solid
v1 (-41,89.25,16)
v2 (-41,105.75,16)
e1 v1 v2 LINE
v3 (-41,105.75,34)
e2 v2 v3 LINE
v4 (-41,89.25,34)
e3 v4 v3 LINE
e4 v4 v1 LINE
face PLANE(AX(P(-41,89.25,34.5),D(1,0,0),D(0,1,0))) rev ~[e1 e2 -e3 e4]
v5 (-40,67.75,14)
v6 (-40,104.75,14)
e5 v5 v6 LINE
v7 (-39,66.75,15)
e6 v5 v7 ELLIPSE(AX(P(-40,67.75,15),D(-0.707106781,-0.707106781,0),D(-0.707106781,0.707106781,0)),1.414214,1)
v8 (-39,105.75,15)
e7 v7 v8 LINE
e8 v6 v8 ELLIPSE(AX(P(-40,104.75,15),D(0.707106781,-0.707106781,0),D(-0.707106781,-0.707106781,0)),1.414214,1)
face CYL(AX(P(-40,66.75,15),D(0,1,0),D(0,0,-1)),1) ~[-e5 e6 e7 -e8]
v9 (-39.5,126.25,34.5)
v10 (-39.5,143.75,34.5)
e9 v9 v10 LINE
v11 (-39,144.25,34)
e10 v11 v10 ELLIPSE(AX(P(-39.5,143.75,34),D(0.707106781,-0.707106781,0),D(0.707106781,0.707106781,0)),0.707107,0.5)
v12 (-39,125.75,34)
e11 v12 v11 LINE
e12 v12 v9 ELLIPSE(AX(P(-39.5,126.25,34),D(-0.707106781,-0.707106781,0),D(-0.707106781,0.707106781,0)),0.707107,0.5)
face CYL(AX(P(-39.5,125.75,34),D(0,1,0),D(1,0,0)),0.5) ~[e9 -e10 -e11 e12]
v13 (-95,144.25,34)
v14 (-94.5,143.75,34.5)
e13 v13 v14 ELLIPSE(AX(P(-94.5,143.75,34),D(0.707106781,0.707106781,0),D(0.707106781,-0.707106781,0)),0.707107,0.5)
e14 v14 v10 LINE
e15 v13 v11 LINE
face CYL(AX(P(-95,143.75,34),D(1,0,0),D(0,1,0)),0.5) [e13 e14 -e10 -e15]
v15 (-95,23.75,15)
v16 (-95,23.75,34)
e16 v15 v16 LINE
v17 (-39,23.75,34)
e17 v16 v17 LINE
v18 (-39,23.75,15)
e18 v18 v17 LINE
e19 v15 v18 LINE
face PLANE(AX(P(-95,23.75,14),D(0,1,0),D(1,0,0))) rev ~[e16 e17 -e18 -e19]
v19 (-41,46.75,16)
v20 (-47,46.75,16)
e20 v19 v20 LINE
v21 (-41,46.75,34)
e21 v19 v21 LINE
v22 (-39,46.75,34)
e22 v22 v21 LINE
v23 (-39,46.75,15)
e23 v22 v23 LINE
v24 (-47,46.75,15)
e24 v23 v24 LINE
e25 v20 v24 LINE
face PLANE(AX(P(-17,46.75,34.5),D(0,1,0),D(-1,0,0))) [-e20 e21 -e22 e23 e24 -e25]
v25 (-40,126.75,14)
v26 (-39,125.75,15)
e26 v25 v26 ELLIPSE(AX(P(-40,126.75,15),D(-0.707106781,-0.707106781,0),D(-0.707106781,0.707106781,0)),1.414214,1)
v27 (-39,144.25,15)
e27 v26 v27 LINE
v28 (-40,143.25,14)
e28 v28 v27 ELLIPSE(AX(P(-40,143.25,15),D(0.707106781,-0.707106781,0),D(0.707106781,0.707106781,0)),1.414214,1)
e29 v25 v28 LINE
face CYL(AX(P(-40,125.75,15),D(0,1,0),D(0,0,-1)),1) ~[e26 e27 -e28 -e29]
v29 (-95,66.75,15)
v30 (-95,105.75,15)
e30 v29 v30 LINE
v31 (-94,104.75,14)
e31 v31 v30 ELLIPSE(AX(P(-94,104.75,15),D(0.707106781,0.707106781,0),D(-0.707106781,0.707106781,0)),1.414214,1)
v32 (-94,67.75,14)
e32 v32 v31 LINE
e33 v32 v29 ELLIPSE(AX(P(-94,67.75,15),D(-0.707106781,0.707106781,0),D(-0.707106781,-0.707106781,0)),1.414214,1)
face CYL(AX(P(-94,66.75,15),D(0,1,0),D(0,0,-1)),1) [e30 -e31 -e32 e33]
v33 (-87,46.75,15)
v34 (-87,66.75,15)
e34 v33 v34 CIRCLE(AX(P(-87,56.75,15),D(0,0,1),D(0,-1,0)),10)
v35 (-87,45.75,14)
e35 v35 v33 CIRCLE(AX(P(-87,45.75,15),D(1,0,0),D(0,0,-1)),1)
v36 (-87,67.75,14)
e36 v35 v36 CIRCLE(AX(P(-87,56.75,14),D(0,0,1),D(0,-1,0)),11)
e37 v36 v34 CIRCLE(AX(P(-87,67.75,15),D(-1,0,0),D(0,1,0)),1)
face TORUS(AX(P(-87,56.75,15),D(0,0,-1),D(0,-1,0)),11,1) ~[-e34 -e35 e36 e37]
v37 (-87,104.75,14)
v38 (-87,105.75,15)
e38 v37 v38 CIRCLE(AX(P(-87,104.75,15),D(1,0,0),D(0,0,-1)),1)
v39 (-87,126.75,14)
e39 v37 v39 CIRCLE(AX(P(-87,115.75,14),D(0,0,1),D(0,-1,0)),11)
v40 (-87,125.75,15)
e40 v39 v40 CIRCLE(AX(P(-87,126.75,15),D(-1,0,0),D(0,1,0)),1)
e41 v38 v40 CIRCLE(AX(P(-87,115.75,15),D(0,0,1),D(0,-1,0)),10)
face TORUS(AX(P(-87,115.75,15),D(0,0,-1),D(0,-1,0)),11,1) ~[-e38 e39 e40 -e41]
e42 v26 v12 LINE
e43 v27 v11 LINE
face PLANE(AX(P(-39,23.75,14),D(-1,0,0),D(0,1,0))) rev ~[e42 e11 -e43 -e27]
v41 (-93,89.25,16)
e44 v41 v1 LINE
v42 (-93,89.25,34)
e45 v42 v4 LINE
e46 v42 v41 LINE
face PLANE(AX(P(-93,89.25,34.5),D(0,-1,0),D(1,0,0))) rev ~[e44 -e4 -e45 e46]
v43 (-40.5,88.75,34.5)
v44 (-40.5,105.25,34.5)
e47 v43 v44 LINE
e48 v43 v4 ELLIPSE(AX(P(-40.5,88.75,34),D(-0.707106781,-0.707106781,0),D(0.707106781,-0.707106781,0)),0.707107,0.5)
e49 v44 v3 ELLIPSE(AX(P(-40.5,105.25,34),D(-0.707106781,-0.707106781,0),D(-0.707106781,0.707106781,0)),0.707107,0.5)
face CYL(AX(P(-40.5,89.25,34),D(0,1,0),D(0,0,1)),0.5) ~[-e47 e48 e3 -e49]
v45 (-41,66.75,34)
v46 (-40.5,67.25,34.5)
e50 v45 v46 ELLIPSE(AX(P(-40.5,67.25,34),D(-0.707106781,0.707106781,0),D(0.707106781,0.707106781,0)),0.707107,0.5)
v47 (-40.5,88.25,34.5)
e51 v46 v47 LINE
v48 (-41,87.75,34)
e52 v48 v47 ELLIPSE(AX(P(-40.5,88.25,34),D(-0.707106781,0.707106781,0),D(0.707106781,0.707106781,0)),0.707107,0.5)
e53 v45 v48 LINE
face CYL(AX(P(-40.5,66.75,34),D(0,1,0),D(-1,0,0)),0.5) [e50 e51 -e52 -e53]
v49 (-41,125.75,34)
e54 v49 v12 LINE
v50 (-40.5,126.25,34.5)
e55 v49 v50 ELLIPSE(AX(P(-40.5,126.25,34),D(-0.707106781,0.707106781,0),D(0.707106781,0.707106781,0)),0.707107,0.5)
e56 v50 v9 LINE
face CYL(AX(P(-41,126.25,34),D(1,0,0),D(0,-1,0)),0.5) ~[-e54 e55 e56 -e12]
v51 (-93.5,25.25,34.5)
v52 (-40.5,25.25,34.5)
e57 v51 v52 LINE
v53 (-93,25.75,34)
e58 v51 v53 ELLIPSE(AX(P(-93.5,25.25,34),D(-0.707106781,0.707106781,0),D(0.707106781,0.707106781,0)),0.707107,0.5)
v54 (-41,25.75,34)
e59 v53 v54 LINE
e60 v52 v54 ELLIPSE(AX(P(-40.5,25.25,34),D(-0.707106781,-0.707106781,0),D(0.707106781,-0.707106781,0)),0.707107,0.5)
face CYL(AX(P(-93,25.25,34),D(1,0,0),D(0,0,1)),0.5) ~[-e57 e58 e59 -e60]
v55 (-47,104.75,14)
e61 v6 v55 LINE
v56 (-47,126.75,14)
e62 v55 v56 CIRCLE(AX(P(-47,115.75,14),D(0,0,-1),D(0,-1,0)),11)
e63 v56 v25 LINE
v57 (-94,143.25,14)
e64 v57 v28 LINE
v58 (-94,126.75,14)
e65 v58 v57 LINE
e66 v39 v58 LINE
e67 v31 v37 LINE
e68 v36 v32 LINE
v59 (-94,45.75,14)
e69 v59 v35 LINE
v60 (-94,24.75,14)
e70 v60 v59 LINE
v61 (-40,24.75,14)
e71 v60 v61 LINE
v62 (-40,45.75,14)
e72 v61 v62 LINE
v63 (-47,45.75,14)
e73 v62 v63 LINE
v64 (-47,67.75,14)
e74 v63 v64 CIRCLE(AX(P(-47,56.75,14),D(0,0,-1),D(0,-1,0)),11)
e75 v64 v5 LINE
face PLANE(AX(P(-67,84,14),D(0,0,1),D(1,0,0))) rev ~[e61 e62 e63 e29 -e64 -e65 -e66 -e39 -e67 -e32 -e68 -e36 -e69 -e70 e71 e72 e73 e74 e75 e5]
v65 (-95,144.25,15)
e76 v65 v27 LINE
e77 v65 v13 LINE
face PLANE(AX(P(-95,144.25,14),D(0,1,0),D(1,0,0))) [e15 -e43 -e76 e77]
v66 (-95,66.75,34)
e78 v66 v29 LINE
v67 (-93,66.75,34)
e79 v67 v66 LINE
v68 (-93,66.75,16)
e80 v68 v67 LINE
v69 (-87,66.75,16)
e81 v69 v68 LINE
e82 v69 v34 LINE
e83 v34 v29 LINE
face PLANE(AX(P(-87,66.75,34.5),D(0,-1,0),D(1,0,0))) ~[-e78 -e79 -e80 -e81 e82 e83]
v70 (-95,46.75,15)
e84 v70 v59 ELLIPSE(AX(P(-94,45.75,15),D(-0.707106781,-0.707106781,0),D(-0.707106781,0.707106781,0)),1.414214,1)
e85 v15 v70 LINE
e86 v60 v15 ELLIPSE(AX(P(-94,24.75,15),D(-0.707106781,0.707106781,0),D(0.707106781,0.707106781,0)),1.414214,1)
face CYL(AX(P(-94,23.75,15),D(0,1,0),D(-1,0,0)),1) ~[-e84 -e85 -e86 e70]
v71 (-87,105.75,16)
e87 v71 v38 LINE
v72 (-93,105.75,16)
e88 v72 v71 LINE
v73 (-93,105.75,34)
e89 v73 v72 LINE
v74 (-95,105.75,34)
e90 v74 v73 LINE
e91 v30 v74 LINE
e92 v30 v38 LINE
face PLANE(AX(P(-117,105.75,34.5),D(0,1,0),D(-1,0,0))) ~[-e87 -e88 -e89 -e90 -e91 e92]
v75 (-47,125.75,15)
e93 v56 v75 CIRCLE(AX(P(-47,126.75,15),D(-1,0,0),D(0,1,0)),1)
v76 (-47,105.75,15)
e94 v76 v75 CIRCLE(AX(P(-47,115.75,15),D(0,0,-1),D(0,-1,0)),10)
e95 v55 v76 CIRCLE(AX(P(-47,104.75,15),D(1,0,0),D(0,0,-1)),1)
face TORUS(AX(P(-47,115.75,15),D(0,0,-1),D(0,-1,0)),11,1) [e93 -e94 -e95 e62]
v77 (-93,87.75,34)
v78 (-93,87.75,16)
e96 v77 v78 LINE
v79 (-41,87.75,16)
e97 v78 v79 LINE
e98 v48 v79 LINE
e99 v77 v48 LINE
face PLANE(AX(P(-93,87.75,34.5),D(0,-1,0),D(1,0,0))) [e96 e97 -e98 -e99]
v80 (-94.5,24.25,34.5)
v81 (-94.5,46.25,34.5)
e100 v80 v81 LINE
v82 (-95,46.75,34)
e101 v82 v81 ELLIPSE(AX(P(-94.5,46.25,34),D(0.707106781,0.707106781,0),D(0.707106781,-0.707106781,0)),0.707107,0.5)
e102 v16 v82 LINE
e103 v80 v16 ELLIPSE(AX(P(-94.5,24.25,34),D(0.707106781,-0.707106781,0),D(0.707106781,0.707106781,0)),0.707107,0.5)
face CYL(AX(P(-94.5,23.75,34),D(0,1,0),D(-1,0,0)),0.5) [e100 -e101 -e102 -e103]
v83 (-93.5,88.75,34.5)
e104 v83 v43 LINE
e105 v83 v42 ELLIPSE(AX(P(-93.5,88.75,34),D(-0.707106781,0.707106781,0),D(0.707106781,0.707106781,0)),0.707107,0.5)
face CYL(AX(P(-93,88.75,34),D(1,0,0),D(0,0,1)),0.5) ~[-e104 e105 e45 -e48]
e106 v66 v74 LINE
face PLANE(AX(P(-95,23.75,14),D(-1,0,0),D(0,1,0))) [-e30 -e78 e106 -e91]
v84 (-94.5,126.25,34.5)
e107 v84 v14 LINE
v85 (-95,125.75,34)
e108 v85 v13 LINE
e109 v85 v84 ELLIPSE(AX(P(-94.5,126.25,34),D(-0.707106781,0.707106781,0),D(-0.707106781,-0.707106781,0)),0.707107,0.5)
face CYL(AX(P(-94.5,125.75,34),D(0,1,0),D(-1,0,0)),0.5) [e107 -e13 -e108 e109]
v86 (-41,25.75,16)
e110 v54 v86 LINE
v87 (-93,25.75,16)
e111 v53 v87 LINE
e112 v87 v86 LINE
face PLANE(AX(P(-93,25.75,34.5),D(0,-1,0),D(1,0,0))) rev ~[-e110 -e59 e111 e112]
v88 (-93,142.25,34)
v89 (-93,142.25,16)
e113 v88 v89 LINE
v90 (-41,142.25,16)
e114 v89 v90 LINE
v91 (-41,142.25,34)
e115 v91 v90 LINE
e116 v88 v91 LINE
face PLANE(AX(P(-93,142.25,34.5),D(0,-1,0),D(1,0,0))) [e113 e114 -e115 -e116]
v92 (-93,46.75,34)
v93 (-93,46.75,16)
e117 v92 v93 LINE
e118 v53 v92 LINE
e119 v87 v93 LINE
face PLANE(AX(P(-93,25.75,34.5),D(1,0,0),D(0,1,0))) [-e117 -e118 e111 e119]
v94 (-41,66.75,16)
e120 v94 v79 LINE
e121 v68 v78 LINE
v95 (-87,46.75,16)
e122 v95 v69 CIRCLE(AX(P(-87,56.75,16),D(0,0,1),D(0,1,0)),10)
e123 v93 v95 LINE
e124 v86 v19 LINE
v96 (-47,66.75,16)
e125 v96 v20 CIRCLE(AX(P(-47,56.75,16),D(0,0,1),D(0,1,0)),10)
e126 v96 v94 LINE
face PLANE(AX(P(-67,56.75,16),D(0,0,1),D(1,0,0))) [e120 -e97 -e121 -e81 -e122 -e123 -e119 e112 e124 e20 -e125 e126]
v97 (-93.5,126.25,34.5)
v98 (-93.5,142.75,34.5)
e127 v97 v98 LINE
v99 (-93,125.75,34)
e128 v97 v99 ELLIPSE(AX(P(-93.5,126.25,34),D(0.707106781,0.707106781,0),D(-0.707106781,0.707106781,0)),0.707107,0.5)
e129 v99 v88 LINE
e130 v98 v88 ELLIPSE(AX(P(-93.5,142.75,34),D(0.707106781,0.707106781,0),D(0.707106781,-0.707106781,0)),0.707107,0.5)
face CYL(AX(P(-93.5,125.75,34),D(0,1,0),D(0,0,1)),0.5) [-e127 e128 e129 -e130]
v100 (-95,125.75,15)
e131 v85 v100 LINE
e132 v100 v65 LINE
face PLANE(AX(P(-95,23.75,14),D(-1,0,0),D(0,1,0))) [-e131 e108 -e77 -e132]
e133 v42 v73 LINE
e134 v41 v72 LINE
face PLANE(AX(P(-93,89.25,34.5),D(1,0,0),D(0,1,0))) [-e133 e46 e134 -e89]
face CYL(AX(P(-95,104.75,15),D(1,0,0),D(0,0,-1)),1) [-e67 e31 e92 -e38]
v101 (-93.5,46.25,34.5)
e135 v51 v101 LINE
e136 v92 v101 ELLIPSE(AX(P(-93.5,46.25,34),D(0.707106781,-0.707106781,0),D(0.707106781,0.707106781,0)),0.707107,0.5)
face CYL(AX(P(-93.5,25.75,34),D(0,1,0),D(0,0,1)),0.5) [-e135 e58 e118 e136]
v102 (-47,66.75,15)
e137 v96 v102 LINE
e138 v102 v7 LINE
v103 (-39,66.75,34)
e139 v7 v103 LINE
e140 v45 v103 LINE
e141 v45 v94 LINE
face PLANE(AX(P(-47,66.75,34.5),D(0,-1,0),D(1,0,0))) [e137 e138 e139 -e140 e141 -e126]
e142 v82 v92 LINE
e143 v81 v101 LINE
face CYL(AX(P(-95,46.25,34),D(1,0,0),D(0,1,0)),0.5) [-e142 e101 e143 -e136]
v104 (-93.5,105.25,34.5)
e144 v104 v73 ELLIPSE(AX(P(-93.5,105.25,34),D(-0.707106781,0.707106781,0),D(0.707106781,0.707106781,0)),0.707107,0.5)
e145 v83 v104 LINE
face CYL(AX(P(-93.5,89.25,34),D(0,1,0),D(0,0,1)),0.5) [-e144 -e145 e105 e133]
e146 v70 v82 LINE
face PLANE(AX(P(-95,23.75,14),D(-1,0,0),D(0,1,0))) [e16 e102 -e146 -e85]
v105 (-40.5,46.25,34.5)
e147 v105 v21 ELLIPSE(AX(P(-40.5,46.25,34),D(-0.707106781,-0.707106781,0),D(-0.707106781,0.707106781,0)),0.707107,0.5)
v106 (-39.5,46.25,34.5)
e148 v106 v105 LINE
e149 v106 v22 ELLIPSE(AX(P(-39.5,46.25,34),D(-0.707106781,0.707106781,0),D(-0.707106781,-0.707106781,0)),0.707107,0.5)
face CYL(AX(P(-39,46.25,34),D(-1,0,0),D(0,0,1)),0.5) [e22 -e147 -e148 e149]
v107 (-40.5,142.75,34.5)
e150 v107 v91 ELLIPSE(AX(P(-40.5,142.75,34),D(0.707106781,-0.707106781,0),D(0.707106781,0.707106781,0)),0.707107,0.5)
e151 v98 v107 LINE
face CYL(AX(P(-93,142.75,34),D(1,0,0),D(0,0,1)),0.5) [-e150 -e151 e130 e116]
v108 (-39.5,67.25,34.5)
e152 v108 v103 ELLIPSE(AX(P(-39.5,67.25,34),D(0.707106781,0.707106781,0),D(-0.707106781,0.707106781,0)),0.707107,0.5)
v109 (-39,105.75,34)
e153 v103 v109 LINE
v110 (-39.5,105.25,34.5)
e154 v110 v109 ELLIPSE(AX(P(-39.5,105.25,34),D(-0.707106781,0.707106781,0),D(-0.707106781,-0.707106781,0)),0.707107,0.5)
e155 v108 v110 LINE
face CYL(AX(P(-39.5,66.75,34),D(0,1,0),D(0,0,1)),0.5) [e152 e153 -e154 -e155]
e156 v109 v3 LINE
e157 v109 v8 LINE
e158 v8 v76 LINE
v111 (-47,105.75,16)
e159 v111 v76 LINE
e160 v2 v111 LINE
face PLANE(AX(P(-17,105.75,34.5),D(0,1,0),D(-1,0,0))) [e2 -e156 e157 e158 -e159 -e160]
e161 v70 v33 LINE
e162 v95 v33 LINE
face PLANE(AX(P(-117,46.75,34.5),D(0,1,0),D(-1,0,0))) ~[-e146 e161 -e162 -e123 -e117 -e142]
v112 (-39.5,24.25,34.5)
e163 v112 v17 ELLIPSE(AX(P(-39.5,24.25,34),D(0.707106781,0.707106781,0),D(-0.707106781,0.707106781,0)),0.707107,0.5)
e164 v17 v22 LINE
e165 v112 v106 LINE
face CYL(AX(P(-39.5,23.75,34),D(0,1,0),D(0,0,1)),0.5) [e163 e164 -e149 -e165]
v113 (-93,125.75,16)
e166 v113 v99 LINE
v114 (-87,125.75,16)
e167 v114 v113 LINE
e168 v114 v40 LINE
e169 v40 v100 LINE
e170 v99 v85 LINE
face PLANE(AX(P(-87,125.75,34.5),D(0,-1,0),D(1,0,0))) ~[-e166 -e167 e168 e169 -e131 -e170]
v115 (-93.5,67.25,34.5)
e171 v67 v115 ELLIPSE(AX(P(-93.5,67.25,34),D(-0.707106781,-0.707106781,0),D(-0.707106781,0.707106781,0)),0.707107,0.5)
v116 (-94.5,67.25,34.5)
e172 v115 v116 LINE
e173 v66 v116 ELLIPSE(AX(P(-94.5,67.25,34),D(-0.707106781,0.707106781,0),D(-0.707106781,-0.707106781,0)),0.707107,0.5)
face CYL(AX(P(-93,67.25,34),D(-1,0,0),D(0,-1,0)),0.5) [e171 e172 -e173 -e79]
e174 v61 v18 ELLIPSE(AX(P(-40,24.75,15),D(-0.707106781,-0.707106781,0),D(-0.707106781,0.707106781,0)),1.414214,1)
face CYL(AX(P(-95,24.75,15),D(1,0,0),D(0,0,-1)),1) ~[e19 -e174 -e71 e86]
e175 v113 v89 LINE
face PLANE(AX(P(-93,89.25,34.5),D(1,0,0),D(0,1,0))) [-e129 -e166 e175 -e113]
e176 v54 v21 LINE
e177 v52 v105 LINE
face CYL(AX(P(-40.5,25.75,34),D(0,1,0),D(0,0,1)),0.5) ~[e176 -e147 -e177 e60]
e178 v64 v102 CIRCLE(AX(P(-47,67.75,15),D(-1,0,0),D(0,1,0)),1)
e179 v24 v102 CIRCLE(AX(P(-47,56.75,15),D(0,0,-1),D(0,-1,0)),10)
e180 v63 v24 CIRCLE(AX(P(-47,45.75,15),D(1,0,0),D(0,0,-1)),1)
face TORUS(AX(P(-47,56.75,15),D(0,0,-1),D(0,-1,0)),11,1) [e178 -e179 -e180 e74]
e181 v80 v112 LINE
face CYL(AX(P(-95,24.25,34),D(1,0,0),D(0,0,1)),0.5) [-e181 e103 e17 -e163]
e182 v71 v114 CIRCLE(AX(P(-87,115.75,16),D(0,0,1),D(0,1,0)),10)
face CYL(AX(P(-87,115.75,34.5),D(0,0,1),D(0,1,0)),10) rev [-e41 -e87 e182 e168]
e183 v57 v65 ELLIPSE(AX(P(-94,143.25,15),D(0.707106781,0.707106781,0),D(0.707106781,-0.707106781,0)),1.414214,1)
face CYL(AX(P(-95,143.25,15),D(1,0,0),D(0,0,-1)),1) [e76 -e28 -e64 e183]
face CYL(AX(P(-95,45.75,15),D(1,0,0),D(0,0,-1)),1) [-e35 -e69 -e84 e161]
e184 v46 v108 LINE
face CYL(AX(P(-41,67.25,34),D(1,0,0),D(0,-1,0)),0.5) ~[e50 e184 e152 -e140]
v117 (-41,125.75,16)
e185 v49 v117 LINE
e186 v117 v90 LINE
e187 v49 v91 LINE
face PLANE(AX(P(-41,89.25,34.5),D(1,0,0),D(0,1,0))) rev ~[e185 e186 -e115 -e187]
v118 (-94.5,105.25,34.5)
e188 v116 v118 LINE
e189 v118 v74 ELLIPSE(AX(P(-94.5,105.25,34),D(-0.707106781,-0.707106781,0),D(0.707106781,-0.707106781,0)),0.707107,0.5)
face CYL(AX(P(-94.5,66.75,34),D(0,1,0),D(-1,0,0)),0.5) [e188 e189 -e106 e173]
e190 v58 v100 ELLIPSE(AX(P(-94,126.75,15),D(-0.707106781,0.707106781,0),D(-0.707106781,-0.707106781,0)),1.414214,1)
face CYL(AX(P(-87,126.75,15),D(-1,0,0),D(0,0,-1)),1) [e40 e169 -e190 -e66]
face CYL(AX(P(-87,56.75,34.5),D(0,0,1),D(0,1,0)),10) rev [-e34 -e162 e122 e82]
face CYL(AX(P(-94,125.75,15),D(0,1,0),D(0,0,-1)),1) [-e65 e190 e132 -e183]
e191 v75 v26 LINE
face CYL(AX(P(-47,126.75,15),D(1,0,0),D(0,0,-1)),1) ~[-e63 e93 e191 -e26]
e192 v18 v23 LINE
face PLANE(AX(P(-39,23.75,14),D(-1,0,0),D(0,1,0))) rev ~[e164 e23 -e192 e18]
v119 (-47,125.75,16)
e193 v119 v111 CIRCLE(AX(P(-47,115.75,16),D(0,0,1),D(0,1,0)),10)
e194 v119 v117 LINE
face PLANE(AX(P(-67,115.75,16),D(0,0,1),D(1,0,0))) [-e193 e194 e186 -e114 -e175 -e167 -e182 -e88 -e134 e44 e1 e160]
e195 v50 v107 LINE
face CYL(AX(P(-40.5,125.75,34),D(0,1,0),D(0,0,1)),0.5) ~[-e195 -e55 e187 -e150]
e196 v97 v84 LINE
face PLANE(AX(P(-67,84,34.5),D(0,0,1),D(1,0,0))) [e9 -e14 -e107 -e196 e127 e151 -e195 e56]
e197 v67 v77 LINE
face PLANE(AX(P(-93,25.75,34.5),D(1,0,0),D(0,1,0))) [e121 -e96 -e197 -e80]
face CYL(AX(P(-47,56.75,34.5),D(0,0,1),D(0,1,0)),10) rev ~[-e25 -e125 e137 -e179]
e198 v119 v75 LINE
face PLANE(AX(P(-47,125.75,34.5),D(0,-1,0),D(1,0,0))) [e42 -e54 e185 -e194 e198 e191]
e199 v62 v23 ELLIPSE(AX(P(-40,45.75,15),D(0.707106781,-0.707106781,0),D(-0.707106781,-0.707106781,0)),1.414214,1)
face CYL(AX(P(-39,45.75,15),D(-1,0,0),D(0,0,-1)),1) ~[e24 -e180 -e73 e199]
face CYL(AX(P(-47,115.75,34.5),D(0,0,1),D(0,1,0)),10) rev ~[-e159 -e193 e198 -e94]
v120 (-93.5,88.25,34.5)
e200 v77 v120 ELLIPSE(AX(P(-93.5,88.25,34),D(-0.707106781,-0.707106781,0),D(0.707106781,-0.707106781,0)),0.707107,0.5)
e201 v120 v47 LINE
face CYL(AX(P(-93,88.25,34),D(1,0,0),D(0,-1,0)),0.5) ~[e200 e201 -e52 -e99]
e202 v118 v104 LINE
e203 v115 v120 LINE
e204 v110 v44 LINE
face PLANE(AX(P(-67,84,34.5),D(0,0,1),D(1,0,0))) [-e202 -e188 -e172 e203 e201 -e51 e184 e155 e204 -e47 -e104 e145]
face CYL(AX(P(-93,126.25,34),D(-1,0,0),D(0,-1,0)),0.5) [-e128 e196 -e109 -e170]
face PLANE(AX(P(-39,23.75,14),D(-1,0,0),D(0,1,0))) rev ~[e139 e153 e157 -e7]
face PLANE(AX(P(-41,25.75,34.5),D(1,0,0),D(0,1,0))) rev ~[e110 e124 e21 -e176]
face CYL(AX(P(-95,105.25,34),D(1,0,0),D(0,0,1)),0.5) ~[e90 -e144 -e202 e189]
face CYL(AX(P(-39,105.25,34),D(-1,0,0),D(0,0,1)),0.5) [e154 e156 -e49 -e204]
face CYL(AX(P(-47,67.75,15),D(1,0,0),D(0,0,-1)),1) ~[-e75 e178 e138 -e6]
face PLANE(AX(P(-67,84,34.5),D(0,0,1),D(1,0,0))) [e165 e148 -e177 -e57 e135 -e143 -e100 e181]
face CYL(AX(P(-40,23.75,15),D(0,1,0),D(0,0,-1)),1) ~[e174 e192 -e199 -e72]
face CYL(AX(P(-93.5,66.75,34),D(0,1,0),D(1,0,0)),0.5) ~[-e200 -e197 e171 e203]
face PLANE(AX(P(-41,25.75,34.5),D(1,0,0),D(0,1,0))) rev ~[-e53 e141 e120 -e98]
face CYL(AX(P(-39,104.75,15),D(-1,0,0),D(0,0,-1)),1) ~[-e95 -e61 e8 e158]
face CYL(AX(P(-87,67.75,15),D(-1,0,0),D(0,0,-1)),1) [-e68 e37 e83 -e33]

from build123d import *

# Parameters (mm, degrees)
SKETCH009_W     = 56
SKETCH009_H     = 120.5
PAD004_DEPTH    = 20.5
SKETCH010_W     = 52
SKETCH010_H     = 53
SKETCH010_H_2   = 62
POCKET005_DEPTH = 18.5
POCKET006_DEPTH = 289.39875
FILLET005_R     = 1
FILLET006_R     = 0.5


with BuildPart() as part:
    # Sketch009 → Pad004 (new body)
    with BuildSketch(Plane.XY):
        Rectangle(SKETCH009_W, SKETCH009_H)
    extrude(amount=PAD004_DEPTH)

    # Sketch010 (on DatumPlane) → Pocket005 (cut)
    with BuildSketch(Plane(origin=(0, 4.5, 20.5), x_dir=(1, 0, 0), z_dir=(0, 0, 1))):
        with Locations((0, 27.25)):
            Rectangle(SKETCH010_W, SKETCH010_H)
        with Locations((0, -31.75)):
            Rectangle(SKETCH010_W, SKETCH010_H_2)
    extrude(amount=-POCKET005_DEPTH, mode=Mode.SUBTRACT)

    # Sketch011 (on DatumPlane) → Pocket006 (cut, through all)
    with BuildSketch(Plane(origin=(20, 0, 20.5), x_dir=(1, 0, 0), z_dir=(0, 0, 1))):
        with BuildLine():
            Line((0, 41.75), (30, 41.75))
            Line((30, 41.75), (30, 21.75))
            Line((30, 21.75), (0, 21.75))
            ThreePointArc((0, 41.75), (-10, 31.75), (0, 21.75))
        make_face()
        with BuildLine():
            Line((0, -17.25), (30, -17.25))
            Line((30, -17.25), (30, -37.25))
            Line((30, -37.25), (0, -37.25))
            ThreePointArc((0, -17.25), (-10, -27.25), (0, -37.25))
        make_face()
    pocket006 = extrude(amount=-POCKET006_DEPTH, mode=Mode.SUBTRACT)

    # Mirrored003: Pocket006 across YZ
    add(pocket006.mirror(Plane.YZ), mode=Mode.SUBTRACT)

    # Fillet005
    fillet005_edges = [part.edges().sort_by_distance(p)[0] for p in [
        (0, 60.25, 0),
        (28, 51, 0),
        (24, 41.75, 0),
        (10, 31.75, 0),
        (24, 21.75, 0),
        (28, 2.25, 0),
        (24, -17.25, 0),
        (10, -27.25, 0),
        (24, -37.25, 0),
        (28, -48.75, 0),
        (0, -60.25, 0),
        (-28, -48.75, 0),
        (-24, -37.25, 0),
        (-10, -27.25, 0),
        (-24, -17.25, 0),
        (-28, 2.25, 0),
        (-24, 21.75, 0),
        (-10, 31.75, 0),
        (-24, 41.75, 0),
        (-28, 51, 0),
    ]]
    fillet(fillet005_edges, radius=FILLET005_R)

    # Fillet006
    fillet006_edges = [part.edges().sort_by_distance(p)[0] for p in [
        (0, 60.25, 20.5),
        (28, 51, 20.5),
        (27, 41.75, 20.5),
        (26, 50, 20.5),
        (0, 58.25, 20.5),
        (-26, 50, 20.5),
        (-27, 41.75, 20.5),
        (-28, 51, 20.5),
        (-27, 21.75, 20.5),
        (-26, 13.5, 20.5),
        (0, 5.25, 20.5),
        (26, 13.5, 20.5),
        (27, 21.75, 20.5),
        (28, 2.25, 20.5),
        (27, -17.25, 20.5),
        (26, -6.75, 20.5),
        (0, 3.75, 20.5),
        (-26, -6.75, 20.5),
        (-27, -17.25, 20.5),
        (-28, 2.25, 20.5),
        (-27, -37.25, 20.5),
        (-26, -47.75, 20.5),
        (0, -58.25, 20.5),
        (26, -47.75, 20.5),
        (27, -37.25, 20.5),
        (28, -48.75, 20.5),
        (0, -60.25, 20.5),
        (-28, -48.75, 20.5),
    ]]
    fillet(fillet006_edges, radius=FILLET006_R)


with BuildPart() as part_1:
    # Body003 placement: moved
    add(part.part.moved(Location((-67, 84, 14))))


solid = part_1.part
